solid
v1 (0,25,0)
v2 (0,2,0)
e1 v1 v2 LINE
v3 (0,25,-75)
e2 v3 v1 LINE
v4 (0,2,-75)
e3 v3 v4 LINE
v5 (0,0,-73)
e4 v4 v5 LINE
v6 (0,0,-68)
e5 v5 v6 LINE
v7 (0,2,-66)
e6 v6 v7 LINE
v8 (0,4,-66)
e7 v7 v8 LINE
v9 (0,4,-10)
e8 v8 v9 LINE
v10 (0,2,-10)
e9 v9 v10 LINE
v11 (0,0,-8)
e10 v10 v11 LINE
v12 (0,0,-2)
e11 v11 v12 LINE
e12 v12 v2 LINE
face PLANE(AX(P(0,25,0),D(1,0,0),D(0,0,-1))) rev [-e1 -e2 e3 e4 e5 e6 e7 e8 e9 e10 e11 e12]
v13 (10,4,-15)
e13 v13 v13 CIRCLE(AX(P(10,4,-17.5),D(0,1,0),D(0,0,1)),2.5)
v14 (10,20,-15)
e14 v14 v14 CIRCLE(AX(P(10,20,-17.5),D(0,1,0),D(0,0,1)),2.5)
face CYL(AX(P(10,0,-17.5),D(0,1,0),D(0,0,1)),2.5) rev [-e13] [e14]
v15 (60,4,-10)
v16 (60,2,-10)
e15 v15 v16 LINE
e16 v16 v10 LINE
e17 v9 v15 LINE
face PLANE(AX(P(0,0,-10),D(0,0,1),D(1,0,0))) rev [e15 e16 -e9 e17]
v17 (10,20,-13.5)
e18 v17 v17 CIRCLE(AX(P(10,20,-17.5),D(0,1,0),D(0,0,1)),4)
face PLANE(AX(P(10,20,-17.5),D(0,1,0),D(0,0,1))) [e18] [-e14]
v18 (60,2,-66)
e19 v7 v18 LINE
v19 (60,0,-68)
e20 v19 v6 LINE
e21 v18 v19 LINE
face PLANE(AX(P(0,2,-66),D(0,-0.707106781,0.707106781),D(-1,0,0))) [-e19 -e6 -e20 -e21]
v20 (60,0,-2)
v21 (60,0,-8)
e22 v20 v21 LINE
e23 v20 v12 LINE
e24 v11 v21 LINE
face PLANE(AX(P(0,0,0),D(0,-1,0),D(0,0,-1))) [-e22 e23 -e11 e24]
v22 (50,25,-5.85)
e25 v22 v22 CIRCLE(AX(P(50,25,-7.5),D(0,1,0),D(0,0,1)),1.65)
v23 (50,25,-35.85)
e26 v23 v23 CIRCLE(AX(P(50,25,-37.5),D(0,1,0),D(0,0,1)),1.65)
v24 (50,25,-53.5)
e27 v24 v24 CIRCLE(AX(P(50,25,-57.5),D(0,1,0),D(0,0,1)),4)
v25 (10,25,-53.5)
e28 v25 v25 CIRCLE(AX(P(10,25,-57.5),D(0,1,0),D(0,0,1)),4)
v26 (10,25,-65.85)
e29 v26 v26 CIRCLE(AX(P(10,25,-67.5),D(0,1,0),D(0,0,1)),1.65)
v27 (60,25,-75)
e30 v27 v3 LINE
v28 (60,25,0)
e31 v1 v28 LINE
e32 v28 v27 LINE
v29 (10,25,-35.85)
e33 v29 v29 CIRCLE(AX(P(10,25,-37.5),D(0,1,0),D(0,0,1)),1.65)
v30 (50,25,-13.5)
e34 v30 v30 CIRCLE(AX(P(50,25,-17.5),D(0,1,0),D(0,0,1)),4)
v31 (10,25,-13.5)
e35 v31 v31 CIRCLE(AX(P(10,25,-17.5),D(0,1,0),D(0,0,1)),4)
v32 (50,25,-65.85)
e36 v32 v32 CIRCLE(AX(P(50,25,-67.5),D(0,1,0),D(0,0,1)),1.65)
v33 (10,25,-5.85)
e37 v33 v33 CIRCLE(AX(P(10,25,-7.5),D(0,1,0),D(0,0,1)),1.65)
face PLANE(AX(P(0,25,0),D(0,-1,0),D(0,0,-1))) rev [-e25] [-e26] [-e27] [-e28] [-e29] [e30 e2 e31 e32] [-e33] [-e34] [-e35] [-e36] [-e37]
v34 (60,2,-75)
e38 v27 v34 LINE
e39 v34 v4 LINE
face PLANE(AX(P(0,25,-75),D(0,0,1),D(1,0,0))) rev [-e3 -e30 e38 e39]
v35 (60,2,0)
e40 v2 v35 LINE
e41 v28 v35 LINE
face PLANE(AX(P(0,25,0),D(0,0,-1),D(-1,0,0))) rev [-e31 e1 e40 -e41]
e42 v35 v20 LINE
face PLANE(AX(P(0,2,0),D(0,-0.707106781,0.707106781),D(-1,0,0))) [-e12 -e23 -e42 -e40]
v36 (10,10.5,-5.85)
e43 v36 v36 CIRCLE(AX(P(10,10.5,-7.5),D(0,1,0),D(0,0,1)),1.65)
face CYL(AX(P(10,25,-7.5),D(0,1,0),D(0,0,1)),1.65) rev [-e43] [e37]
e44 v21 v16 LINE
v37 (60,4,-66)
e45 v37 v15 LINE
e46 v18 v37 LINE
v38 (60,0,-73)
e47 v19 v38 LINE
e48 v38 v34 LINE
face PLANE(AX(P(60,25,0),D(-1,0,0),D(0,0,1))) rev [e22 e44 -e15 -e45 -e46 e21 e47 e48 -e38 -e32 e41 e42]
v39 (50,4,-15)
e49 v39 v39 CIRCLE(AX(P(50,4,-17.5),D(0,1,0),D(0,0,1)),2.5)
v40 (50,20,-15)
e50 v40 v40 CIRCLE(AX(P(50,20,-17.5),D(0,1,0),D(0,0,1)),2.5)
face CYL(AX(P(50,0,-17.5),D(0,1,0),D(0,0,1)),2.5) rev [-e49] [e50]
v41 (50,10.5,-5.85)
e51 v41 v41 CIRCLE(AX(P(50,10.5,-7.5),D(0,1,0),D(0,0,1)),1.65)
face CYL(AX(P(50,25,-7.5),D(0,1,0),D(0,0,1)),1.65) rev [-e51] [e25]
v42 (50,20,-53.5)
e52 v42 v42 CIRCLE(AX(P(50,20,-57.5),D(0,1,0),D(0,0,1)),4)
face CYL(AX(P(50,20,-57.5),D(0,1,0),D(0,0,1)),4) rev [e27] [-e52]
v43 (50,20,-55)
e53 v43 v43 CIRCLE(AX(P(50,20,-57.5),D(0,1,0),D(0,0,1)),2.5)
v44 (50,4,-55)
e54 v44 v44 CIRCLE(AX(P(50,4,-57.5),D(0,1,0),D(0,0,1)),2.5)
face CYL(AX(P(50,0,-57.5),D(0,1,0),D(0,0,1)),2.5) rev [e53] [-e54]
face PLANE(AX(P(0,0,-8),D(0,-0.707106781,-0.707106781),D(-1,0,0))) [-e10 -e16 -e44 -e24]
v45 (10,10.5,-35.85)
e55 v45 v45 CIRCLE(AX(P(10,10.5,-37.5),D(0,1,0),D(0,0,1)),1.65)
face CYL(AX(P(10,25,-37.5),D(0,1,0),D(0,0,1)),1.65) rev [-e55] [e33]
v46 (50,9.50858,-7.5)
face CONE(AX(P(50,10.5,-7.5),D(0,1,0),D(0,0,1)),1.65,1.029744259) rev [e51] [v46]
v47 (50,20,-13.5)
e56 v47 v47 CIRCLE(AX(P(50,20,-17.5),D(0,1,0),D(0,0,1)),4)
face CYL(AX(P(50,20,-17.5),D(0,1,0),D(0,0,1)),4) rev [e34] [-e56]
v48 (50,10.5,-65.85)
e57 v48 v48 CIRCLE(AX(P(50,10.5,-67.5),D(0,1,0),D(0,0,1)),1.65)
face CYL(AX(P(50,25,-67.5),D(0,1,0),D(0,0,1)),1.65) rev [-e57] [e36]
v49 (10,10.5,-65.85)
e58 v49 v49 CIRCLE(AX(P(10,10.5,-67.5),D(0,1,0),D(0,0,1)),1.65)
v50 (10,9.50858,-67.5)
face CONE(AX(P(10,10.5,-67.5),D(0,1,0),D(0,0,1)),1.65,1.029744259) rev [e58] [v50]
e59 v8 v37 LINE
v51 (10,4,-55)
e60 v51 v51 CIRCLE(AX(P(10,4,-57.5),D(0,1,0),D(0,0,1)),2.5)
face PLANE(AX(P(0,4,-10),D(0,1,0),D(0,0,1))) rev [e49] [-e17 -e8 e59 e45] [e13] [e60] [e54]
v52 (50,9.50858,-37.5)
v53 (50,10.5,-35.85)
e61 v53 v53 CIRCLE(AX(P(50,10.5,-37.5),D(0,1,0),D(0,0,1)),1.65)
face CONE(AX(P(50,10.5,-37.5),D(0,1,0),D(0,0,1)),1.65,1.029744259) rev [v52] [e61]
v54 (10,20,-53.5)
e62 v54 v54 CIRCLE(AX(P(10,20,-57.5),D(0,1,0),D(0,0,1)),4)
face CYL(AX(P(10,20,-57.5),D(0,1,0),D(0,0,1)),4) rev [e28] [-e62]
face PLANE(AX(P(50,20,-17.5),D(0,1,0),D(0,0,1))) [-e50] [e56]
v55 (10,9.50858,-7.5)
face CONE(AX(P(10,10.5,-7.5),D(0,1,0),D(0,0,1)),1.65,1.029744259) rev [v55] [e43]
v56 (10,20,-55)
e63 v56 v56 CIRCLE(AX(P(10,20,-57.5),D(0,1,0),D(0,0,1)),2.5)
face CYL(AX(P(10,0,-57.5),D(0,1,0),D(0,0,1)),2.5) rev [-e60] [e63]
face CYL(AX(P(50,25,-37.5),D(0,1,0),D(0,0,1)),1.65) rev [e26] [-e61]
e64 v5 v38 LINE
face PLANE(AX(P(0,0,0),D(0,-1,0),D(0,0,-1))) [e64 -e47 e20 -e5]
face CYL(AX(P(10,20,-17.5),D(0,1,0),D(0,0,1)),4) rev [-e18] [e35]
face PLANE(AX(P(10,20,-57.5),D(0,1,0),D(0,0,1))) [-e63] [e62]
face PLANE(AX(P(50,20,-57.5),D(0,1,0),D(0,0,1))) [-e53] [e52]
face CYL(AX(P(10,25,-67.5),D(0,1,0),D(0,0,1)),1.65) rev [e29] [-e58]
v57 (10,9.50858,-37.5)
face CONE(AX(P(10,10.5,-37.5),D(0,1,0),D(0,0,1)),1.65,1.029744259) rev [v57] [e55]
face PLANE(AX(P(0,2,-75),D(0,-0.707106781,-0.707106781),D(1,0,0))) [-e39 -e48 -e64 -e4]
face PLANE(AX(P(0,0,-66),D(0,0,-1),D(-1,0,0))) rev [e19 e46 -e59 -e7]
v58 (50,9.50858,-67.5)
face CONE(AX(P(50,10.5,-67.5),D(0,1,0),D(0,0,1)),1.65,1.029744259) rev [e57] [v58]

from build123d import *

# Parameters (mm, degrees)
SKETCH_1_W             = 60
SKETCH_1_H             = 75
EXTRUDE_1_DEPTH        = 25
SKETCH_2_W             = 56
SKETCH_2_H             = 4
CUT_EXTRUDE_1_DEPTH    = 100.247166206
CHAMFER_1_SIZE         = 2
SKETCH_3_R             = 4
CUT_EXTRUDE_2_DEPTH    = 5
SKETCH_4_R             = 2.5
CUT_EXTRUDE_3_DEPTH    = 99.107084352
HOLE_WIZARD_M4_1_D     = 3.3
HOLE_WIZARD_M4_1_DEPTH = 14.5
HOLE_WIZARD_M4_1_TIP   = 0.991420021


with BuildPart() as part:
    # 스케치1 → 보스-돌출1 (new body)
    with BuildSketch(Plane(origin=(0, 0, 0), x_dir=(1, 0, 0), z_dir=(0, 1, 0))):
        with Locations((30, 37.5)):
            Rectangle(SKETCH_1_W, SKETCH_1_H)
    extrude(amount=EXTRUDE_1_DEPTH)

    # 스케치2 → 컷-돌출1 (cut, through all)
    with BuildSketch(Plane(origin=(60, 0, 0), x_dir=(0, 0, -1), z_dir=(1, 0, 0))):
        with Locations((38, 2)):
            Rectangle(SKETCH_2_W, SKETCH_2_H)
    extrude(amount=-CUT_EXTRUDE_1_DEPTH, mode=Mode.SUBTRACT)

    # 모따기1
    chamfer_1_edges = [part.edges().sort_by_distance(p)[0] for p in [
        (30, 0, -10),
        (30, 0, -66),
        (30, 0, -75),
        (30, 0, 0),
    ]]
    chamfer(chamfer_1_edges, length=CHAMFER_1_SIZE)

    # 스케치3 → 컷-돌출2 (cut)
    with BuildSketch(Plane(origin=(0, 25, 0), x_dir=(1, 0, 0), z_dir=(0, 1, 0))):
        with Locations(Location((10, 57.5, 0), (0, 0, 270))):
            Circle(SKETCH_3_R)
        with Locations(Location((10, 17.5, 0), (0, 0, 270))):
            Circle(SKETCH_3_R)
        with Locations(Location((50, 57.5, 0), (0, 0, 270))):
            Circle(SKETCH_3_R)
        with Locations(Location((50, 17.5, 0), (0, 0, 270))):
            Circle(SKETCH_3_R)
    extrude(amount=-CUT_EXTRUDE_2_DEPTH, mode=Mode.SUBTRACT)

    # 스케치4 → 컷-돌출3 (cut, through all)
    with BuildSketch(Plane(origin=(0, 20, 0), x_dir=(1, 0, 0), z_dir=(0, 1, 0))):
        with Locations(Location((10, 57.5, 0), (0, 0, 270))):
            Circle(SKETCH_4_R)
        with Locations(Location((50, 57.5, 0), (0, 0, 270))):
            Circle(SKETCH_4_R)
        with Locations(Location((50, 17.5, 0), (0, 0, 270))):
            Circle(SKETCH_4_R)
        with Locations(Location((10, 17.5, 0), (0, 0, 270))):
            Circle(SKETCH_4_R)
    extrude(amount=-CUT_EXTRUDE_3_DEPTH, mode=Mode.SUBTRACT)

    # M4 나사 구멍1
    with Locations(Plane(origin=(0, 25, 0), x_dir=(1, 0, 0), z_dir=(0, 1, 0))):
        with Locations((10, 67.5), (10, 37.5), (10, 7.5), (50, 67.5), (50, 37.5), (50, 7.5)):
            Hole(HOLE_WIZARD_M4_1_D / 2, depth=HOLE_WIZARD_M4_1_DEPTH)
            with Locations((0, 0, -(HOLE_WIZARD_M4_1_DEPTH + HOLE_WIZARD_M4_1_TIP / 2))):  # 118° drill point
                Cone(0, HOLE_WIZARD_M4_1_D / 2, HOLE_WIZARD_M4_1_TIP, mode=Mode.SUBTRACT)


solid = part.part
